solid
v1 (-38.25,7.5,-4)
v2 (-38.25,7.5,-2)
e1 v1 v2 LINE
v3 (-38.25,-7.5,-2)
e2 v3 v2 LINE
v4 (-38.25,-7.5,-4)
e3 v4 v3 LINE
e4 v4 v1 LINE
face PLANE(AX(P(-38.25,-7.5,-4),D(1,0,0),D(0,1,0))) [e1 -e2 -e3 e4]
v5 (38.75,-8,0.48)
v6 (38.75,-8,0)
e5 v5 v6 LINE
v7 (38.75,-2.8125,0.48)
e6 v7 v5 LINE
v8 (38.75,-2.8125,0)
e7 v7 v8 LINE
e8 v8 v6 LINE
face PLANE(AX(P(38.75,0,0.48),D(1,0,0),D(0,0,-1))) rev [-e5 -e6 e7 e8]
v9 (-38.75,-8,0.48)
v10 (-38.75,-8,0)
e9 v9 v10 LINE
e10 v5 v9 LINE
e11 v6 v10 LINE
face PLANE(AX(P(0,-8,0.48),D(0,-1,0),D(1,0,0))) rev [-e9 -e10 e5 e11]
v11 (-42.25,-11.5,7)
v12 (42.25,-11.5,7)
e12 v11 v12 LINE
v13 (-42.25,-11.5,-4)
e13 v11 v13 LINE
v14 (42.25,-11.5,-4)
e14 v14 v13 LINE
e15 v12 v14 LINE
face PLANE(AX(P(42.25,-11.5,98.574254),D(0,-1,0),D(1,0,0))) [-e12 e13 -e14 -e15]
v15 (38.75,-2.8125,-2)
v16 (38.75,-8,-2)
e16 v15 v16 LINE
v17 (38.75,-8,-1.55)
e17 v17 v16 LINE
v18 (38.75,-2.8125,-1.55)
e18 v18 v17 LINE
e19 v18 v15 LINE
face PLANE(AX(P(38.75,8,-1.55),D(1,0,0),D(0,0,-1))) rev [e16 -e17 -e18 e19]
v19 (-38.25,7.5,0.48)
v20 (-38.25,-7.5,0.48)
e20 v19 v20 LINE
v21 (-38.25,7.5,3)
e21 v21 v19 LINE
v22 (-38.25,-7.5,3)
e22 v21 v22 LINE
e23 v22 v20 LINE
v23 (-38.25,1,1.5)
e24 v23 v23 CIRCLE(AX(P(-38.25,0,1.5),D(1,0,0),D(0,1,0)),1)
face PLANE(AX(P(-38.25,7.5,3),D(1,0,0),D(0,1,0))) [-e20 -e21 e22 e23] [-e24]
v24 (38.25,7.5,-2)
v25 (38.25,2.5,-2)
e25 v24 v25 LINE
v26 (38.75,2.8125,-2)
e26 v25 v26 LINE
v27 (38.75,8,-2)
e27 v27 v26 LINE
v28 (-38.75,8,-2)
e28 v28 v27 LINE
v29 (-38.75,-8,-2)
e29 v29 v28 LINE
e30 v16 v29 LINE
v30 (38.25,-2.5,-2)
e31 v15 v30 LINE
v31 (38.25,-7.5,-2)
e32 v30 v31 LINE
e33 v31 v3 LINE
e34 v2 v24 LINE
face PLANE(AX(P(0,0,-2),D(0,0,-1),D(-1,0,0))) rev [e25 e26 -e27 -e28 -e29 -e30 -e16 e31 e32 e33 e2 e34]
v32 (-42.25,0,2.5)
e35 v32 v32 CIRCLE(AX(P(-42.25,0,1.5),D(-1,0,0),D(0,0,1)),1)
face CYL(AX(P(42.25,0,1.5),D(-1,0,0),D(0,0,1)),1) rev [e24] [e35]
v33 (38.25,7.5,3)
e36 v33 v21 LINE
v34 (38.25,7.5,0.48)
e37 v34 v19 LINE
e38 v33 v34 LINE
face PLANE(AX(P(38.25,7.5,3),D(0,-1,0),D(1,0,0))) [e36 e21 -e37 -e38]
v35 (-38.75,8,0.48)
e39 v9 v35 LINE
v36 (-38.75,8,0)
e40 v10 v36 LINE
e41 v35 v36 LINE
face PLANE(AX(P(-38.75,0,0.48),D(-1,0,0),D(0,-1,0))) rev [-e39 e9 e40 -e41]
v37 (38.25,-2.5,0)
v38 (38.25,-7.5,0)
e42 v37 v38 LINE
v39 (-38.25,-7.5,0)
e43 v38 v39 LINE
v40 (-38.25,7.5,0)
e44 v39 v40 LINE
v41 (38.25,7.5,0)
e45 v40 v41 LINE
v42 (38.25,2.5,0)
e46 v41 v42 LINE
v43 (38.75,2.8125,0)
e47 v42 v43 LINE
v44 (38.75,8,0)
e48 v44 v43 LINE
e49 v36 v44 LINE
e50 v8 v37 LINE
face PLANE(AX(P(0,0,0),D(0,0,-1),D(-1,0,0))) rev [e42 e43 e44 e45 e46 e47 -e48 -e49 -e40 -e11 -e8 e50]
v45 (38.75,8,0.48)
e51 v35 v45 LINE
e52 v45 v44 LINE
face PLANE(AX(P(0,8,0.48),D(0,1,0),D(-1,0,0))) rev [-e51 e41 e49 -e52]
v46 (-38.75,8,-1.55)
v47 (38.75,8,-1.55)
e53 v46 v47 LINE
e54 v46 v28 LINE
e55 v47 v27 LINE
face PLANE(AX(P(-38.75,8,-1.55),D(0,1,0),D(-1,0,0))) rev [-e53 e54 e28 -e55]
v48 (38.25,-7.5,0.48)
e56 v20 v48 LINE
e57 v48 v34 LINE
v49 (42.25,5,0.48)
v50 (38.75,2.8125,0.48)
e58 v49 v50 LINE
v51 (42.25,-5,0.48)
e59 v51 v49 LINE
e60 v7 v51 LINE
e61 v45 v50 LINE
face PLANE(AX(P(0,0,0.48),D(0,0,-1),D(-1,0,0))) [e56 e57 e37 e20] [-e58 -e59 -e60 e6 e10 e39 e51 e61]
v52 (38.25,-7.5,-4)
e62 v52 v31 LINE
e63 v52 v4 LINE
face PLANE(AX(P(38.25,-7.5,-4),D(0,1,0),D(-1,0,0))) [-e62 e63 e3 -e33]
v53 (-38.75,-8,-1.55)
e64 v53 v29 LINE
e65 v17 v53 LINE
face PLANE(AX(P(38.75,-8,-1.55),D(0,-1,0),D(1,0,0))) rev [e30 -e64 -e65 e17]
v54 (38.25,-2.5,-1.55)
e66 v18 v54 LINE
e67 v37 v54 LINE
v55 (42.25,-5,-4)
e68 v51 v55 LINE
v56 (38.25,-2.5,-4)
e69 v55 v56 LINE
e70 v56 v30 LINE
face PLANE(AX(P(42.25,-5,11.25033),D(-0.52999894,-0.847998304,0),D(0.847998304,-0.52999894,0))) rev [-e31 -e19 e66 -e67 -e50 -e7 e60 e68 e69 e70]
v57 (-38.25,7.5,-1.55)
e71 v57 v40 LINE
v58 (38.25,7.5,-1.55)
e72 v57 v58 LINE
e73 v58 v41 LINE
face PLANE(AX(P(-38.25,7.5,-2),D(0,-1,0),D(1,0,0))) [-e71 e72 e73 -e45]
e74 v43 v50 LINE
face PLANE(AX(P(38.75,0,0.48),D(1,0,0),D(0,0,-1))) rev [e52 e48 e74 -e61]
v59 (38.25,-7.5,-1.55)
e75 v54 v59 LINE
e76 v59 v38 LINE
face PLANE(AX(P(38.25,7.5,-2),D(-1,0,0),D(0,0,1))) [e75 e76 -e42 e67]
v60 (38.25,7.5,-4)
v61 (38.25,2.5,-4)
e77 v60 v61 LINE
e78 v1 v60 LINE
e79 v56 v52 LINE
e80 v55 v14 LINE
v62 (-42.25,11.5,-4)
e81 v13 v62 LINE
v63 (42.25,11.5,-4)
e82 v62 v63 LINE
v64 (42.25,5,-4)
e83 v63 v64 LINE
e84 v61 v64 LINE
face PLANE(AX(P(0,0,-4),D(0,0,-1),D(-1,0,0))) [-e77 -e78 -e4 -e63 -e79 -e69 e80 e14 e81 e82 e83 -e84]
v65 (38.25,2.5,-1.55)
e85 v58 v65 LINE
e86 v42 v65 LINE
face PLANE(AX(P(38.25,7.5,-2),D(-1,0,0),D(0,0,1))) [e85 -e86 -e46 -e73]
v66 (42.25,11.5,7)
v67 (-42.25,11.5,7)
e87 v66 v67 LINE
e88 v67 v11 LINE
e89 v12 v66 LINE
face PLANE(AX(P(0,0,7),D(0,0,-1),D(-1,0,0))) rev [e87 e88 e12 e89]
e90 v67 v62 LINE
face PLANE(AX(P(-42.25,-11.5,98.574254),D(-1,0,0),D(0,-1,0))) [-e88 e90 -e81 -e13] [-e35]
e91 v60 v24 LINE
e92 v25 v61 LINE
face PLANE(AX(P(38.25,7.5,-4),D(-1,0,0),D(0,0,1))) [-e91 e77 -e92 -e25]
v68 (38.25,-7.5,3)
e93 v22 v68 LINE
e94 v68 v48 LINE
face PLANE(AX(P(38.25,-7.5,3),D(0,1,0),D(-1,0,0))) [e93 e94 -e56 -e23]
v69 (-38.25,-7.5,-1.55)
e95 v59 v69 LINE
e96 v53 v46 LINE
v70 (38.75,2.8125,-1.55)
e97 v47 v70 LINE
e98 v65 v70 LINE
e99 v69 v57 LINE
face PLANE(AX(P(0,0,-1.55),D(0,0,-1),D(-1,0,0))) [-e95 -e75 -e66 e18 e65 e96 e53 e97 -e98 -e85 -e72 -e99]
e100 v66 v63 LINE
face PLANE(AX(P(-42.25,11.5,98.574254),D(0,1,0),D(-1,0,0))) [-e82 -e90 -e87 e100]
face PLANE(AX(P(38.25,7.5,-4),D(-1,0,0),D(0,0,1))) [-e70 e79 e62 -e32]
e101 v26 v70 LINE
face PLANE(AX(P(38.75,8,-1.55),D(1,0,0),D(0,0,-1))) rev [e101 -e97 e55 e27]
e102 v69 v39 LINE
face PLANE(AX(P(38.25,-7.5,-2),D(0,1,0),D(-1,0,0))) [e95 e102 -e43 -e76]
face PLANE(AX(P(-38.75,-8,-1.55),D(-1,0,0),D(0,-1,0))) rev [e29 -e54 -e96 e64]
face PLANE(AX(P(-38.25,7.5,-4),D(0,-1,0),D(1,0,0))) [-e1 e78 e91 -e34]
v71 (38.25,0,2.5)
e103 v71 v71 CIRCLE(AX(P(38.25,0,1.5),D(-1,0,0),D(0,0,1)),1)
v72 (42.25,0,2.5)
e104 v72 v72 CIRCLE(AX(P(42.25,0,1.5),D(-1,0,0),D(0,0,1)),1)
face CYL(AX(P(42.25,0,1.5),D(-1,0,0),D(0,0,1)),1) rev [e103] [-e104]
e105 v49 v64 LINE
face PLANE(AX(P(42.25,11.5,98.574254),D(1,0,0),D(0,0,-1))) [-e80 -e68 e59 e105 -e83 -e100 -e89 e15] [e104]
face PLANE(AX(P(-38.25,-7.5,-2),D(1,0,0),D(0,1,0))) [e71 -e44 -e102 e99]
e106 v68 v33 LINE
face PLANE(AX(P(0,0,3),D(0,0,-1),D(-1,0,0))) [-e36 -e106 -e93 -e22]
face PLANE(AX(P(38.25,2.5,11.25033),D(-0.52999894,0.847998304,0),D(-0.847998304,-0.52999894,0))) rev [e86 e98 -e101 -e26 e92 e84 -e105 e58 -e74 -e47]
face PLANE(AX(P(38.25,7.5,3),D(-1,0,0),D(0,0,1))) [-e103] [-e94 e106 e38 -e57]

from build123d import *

# Parameters (mm, degrees)
SKETCH1_W               = 76.5
SKETCH1_H               = 15
BOSS_EXTRUDE1_DEPTH     = 3
SKETCH2_R               = 1
CUT_EXTRUDE1_DEPTH      = 77.92528843
SKETCH3_W               = 84.5
SKETCH3_H               = 23
BOSS_EXTRUDE2_DEPTH     = 7
CUT_EXTRUDE2_DEPTH      = 82.618012718
CUT_EXTRUDE2_DEPTH_BACK = 82.618012718
SKETCH4_R               = 1
SKETCH5_W               = 77.5
SKETCH5_H               = 16
SKETCH5_W_2             = 76.5
SKETCH5_H_2             = 15
CUT_EXTRUDE4_DEPTH      = 0.48
SKETCH10_W              = 84.5
SKETCH10_H              = 23
SKETCH10_W_2            = 76.5
SKETCH10_H_2            = 15
BOSS_EXTRUDE7_DEPTH     = 2
SKETCH11_W              = 77.5
SKETCH11_H              = 16
SKETCH11_W_2            = 76.5
SKETCH11_H_2            = 15
CUT_EXTRUDE5_DEPTH      = 0.45
SKETCH13_W              = 84.5
SKETCH13_H              = 23
SKETCH13_W_2            = 76.5
SKETCH13_H_2            = 15
BOSS_EXTRUDE8_DEPTH     = 2
CUT_EXTRUDE6_START      = -4.48
CUT_EXTRUDE6_DEPTH      = 4.48


with BuildPart() as part:
    # Sketch1 → Boss-Extrude1 (new body)
    with BuildSketch(Plane.XY):
        Rectangle(SKETCH1_W, SKETCH1_H)
    extrude(amount=BOSS_EXTRUDE1_DEPTH)

    # Sketch2 → Cut-Extrude1 (cut, through all)
    with BuildSketch(Plane(origin=(38.25, 0, 0), x_dir=(0, 0, -1), z_dir=(1, 0, 0))):
        with Locations((-1.5, 0)):
            Circle(SKETCH2_R)
    extrude(amount=-CUT_EXTRUDE1_DEPTH, mode=Mode.SUBTRACT)


with BuildPart() as body_2:
    # Sketch3 → Boss-Extrude2 (new body)
    with BuildSketch(Plane(origin=(0, 0, 0), x_dir=(-1, 0, 0), z_dir=(0, 0, -1))):
        Rectangle(SKETCH3_W, SKETCH3_H)
    extrude(amount=-BOSS_EXTRUDE2_DEPTH)

    # Combine1: cut part
    add(part.part, mode=Mode.SUBTRACT)

    # Sketch4 → Cut-Extrude2 (cut, two sides: drawn at the far end of the back side and taken through both)
    with BuildSketch(Plane.ZY.offset(-38.25).offset(-CUT_EXTRUDE2_DEPTH_BACK)):
        with Locations((1.5, 0)):
            Circle(SKETCH4_R)
    extrude(amount=CUT_EXTRUDE2_DEPTH + CUT_EXTRUDE2_DEPTH_BACK, mode=Mode.SUBTRACT)

    # Sketch5 → Cut-Extrude4 (cut)
    with BuildSketch(Plane(origin=(0, 0, 0), x_dir=(-1, 0, 0), z_dir=(0, 0, -1))):
        Rectangle(SKETCH5_W, SKETCH5_H)
        Rectangle(SKETCH5_W_2, SKETCH5_H_2, mode=Mode.SUBTRACT)
    extrude(amount=-CUT_EXTRUDE4_DEPTH, mode=Mode.SUBTRACT)

    # Sketch10 → Boss-Extrude7 (add)
    with BuildSketch(Plane(origin=(0, 0, 0), x_dir=(-1, 0, 0), z_dir=(0, 0, -1))):
        Rectangle(SKETCH10_W, SKETCH10_H)
        Rectangle(SKETCH10_W_2, SKETCH10_H_2, mode=Mode.SUBTRACT)
    extrude(amount=BOSS_EXTRUDE7_DEPTH)

    # Sketch11 → Cut-Extrude5 (cut)
    with BuildSketch(Plane(origin=(0, 0, -2), x_dir=(-1, 0, 0), z_dir=(0, 0, -1))):
        Rectangle(SKETCH11_W, SKETCH11_H)
        Rectangle(SKETCH11_W_2, SKETCH11_H_2, mode=Mode.SUBTRACT)
    extrude(amount=-CUT_EXTRUDE5_DEPTH, mode=Mode.SUBTRACT)

    # Sketch13 → Boss-Extrude8 (add)
    with BuildSketch(Plane(origin=(0, 0, -2), x_dir=(-1, 0, 0), z_dir=(0, 0, -1))):
        Rectangle(SKETCH13_W, SKETCH13_H)
        Rectangle(SKETCH13_W_2, SKETCH13_H_2, mode=Mode.SUBTRACT)
    extrude(amount=BOSS_EXTRUDE8_DEPTH)

    # Sketch14 → Cut-Extrude6 (cut)
    with BuildSketch(Plane(origin=(0, 0, -4), x_dir=(-1, 0, 0), z_dir=(0, 0, -1)).offset(CUT_EXTRUDE6_START)):
        Polygon((-42.25, -5), (-38.25, -2.5), (-38.25, 2.5), (-42.25, 5), align=None)
    extrude(amount=CUT_EXTRUDE6_DEPTH, mode=Mode.SUBTRACT)


solid = body_2.part
